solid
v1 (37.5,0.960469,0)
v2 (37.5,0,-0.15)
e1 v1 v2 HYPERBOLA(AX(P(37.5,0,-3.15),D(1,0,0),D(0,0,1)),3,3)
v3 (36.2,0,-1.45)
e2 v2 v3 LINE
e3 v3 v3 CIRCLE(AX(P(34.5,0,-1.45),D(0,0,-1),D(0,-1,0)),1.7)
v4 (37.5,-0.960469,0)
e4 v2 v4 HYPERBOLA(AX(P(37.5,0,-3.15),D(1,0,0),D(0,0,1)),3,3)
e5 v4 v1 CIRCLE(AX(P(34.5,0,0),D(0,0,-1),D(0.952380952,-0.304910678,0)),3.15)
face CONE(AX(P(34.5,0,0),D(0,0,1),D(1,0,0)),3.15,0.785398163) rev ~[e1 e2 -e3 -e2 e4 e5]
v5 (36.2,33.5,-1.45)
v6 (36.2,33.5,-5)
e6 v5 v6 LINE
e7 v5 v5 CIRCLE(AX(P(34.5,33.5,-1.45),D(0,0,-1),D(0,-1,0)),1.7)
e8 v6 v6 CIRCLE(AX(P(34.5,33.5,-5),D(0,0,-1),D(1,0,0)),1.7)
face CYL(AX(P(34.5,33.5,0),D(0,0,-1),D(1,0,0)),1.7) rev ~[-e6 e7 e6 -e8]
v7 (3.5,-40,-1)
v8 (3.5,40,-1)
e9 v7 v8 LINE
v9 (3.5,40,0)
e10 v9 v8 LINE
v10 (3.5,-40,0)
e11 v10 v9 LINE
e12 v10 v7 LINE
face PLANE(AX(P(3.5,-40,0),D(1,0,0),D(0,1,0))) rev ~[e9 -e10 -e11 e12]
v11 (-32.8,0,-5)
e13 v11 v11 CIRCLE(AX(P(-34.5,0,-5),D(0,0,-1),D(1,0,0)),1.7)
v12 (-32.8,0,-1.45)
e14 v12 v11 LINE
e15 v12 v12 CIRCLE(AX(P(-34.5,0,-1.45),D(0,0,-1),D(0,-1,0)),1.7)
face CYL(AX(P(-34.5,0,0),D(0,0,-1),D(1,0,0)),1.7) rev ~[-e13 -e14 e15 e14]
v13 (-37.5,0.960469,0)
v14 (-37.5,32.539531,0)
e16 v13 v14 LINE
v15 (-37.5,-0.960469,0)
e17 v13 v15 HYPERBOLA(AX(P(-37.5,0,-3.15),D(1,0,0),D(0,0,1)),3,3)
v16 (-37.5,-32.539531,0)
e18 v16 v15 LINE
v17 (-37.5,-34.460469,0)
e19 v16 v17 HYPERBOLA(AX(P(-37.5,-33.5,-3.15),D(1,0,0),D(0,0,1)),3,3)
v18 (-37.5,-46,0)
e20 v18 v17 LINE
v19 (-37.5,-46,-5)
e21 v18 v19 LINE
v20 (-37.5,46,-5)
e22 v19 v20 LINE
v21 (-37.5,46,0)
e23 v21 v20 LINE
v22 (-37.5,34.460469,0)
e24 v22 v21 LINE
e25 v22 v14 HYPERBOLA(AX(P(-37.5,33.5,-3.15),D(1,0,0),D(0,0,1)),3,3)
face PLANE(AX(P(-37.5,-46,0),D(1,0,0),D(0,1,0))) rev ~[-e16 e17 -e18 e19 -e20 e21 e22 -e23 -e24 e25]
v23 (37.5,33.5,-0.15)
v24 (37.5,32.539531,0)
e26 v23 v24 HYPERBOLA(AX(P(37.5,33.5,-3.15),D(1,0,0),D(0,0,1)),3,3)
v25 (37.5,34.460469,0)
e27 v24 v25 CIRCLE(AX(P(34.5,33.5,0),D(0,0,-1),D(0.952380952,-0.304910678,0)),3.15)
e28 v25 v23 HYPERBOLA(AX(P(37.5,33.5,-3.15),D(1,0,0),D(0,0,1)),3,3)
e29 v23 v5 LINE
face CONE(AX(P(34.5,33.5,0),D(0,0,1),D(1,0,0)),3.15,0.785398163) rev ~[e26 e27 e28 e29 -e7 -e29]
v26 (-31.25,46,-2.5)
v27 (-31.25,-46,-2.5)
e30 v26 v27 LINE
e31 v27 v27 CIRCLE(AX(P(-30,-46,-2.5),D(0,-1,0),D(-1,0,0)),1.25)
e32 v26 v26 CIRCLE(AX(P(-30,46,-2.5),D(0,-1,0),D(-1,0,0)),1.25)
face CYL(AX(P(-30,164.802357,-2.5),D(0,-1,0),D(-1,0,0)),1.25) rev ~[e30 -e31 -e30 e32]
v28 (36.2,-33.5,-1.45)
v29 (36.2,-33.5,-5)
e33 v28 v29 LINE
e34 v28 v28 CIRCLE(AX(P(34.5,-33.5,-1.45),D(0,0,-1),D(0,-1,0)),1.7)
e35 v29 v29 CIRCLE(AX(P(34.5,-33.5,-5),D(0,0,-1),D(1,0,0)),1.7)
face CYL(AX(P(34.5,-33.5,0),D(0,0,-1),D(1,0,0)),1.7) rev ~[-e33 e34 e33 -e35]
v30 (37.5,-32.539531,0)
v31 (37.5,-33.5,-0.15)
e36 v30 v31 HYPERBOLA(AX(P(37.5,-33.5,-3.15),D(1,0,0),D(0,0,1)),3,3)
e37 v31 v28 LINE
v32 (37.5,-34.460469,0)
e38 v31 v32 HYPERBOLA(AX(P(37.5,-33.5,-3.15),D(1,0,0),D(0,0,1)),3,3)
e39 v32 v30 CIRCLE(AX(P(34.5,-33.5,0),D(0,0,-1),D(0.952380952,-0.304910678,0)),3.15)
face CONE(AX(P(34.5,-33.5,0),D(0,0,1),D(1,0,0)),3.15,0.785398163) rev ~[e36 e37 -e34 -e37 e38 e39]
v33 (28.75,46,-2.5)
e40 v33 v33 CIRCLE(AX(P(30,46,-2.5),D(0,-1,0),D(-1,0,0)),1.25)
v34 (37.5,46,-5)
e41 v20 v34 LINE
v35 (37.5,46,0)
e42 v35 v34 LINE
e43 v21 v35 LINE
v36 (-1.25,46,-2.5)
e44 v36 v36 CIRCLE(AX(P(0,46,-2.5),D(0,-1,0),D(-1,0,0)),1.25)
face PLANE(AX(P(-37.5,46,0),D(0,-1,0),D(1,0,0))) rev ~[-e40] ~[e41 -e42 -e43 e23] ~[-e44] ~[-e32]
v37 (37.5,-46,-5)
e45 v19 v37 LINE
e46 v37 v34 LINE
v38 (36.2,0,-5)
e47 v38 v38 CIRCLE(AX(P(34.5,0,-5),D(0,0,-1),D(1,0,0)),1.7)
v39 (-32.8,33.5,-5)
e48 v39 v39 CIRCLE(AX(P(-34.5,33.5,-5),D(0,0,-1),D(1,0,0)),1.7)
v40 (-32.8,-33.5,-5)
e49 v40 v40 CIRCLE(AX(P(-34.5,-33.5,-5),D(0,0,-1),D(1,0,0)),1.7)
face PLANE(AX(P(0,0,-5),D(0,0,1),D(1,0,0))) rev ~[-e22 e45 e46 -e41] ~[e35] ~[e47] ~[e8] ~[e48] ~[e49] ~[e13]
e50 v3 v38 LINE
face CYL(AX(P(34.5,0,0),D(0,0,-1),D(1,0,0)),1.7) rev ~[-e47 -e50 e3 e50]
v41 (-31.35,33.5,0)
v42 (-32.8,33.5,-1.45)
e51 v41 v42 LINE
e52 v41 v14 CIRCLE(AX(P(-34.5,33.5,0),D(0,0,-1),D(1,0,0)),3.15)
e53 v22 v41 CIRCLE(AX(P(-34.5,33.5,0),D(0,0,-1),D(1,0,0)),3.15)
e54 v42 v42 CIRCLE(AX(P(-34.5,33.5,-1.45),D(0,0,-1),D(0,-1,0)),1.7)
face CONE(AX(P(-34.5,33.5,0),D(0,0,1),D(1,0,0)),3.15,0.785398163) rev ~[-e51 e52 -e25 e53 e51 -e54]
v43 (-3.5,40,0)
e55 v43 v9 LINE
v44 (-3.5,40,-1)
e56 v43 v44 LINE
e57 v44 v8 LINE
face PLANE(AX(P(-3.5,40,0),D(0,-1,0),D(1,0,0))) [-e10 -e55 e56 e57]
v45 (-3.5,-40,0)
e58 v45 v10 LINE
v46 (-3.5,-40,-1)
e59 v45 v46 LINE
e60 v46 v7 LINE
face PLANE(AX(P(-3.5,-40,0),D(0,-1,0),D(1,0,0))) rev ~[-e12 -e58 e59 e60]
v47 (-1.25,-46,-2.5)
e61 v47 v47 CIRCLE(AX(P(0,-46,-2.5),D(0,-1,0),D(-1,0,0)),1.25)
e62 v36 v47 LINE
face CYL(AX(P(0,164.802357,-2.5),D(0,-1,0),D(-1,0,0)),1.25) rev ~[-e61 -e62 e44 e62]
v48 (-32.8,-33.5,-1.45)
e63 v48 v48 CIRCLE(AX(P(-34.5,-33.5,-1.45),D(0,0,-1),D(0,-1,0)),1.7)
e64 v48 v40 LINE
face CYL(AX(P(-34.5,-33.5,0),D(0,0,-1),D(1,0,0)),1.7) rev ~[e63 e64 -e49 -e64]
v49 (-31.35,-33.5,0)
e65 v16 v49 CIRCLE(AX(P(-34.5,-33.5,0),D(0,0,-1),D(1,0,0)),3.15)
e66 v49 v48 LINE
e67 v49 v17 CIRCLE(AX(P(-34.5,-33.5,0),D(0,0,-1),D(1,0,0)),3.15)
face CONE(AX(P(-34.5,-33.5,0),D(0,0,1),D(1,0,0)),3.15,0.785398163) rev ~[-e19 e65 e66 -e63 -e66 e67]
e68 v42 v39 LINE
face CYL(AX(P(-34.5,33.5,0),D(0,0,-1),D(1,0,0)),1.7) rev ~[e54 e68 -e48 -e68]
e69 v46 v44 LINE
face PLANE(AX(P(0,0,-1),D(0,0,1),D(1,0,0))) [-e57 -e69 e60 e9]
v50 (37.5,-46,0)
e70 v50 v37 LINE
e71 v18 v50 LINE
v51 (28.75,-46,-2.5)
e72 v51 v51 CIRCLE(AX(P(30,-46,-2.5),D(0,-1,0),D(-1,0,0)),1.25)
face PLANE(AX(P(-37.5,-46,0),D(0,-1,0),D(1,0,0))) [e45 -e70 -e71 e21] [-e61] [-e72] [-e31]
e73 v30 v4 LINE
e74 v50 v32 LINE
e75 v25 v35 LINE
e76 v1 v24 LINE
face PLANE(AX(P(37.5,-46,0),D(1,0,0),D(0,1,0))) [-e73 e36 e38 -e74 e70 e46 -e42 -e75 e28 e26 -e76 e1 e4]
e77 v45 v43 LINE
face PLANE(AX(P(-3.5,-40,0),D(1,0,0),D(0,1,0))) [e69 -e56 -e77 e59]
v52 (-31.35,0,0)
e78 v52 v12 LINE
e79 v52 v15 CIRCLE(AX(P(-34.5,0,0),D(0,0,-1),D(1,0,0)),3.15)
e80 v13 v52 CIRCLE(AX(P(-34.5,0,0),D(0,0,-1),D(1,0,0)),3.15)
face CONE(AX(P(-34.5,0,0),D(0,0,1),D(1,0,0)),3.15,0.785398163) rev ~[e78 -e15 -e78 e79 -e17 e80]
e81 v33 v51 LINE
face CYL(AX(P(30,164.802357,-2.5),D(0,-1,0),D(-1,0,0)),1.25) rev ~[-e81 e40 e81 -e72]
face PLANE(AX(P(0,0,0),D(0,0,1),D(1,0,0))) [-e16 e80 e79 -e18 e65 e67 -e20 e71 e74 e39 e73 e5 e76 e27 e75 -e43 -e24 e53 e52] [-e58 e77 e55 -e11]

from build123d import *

# Parameters (mm, degrees)
SKETCH_1_W                   = 75
SKETCH_1_H                   = 92
EXTRUDE_460_DEPTH            = 5
HOLE_WIZARD_M3_D             = 2.5
HOLE_WIZARD_M3_2_D           = 3.4
HOLE_WIZARD_M3_2_CSINK_D     = 6.3
HOLE_WIZARD_M3_2_CSINK_ANGLE = 90
SKETCH_6_W                   = 7
SKETCH_6_H                   = 80
CUT_EXTRUDE_1_DEPTH          = 1


with BuildPart() as part:
    # Эскиз1 → Extrude 460 (new body)
    with BuildSketch(Plane.XY):
        Rectangle(SKETCH_1_W, SKETCH_1_H)
    extrude(amount=-EXTRUDE_460_DEPTH)

    # Hole Wizard M3 (through all)
    with Locations(Plane(origin=(0, 46, 0), x_dir=(1, 0, 0), z_dir=(0, 1, 0))):
        with Locations((30, 2.5), (-30, 2.5), (0, 2.5)):
            Hole(HOLE_WIZARD_M3_D / 2)

    # Hole Wizard M3 2 (through all)
    with Locations(Plane(origin=(45, 0, 0), x_dir=(-1, 0, 0), z_dir=(0, 0, 1))):
        with Locations((10.5, 0), (10.5, -33.5), (10.5, 33.5), (79.5, -33.5), (79.5, 0), (79.5, 33.5)):
            CounterSinkHole(HOLE_WIZARD_M3_2_D / 2, HOLE_WIZARD_M3_2_CSINK_D / 2, counter_sink_angle=HOLE_WIZARD_M3_2_CSINK_ANGLE)

    # Эскиз6 → Вырез-Вытянуть1 (cut)
    with BuildSketch(Plane.XY):
        Rectangle(SKETCH_6_W, SKETCH_6_H)
    extrude(amount=-CUT_EXTRUDE_1_DEPTH, mode=Mode.SUBTRACT)


solid = part.part
